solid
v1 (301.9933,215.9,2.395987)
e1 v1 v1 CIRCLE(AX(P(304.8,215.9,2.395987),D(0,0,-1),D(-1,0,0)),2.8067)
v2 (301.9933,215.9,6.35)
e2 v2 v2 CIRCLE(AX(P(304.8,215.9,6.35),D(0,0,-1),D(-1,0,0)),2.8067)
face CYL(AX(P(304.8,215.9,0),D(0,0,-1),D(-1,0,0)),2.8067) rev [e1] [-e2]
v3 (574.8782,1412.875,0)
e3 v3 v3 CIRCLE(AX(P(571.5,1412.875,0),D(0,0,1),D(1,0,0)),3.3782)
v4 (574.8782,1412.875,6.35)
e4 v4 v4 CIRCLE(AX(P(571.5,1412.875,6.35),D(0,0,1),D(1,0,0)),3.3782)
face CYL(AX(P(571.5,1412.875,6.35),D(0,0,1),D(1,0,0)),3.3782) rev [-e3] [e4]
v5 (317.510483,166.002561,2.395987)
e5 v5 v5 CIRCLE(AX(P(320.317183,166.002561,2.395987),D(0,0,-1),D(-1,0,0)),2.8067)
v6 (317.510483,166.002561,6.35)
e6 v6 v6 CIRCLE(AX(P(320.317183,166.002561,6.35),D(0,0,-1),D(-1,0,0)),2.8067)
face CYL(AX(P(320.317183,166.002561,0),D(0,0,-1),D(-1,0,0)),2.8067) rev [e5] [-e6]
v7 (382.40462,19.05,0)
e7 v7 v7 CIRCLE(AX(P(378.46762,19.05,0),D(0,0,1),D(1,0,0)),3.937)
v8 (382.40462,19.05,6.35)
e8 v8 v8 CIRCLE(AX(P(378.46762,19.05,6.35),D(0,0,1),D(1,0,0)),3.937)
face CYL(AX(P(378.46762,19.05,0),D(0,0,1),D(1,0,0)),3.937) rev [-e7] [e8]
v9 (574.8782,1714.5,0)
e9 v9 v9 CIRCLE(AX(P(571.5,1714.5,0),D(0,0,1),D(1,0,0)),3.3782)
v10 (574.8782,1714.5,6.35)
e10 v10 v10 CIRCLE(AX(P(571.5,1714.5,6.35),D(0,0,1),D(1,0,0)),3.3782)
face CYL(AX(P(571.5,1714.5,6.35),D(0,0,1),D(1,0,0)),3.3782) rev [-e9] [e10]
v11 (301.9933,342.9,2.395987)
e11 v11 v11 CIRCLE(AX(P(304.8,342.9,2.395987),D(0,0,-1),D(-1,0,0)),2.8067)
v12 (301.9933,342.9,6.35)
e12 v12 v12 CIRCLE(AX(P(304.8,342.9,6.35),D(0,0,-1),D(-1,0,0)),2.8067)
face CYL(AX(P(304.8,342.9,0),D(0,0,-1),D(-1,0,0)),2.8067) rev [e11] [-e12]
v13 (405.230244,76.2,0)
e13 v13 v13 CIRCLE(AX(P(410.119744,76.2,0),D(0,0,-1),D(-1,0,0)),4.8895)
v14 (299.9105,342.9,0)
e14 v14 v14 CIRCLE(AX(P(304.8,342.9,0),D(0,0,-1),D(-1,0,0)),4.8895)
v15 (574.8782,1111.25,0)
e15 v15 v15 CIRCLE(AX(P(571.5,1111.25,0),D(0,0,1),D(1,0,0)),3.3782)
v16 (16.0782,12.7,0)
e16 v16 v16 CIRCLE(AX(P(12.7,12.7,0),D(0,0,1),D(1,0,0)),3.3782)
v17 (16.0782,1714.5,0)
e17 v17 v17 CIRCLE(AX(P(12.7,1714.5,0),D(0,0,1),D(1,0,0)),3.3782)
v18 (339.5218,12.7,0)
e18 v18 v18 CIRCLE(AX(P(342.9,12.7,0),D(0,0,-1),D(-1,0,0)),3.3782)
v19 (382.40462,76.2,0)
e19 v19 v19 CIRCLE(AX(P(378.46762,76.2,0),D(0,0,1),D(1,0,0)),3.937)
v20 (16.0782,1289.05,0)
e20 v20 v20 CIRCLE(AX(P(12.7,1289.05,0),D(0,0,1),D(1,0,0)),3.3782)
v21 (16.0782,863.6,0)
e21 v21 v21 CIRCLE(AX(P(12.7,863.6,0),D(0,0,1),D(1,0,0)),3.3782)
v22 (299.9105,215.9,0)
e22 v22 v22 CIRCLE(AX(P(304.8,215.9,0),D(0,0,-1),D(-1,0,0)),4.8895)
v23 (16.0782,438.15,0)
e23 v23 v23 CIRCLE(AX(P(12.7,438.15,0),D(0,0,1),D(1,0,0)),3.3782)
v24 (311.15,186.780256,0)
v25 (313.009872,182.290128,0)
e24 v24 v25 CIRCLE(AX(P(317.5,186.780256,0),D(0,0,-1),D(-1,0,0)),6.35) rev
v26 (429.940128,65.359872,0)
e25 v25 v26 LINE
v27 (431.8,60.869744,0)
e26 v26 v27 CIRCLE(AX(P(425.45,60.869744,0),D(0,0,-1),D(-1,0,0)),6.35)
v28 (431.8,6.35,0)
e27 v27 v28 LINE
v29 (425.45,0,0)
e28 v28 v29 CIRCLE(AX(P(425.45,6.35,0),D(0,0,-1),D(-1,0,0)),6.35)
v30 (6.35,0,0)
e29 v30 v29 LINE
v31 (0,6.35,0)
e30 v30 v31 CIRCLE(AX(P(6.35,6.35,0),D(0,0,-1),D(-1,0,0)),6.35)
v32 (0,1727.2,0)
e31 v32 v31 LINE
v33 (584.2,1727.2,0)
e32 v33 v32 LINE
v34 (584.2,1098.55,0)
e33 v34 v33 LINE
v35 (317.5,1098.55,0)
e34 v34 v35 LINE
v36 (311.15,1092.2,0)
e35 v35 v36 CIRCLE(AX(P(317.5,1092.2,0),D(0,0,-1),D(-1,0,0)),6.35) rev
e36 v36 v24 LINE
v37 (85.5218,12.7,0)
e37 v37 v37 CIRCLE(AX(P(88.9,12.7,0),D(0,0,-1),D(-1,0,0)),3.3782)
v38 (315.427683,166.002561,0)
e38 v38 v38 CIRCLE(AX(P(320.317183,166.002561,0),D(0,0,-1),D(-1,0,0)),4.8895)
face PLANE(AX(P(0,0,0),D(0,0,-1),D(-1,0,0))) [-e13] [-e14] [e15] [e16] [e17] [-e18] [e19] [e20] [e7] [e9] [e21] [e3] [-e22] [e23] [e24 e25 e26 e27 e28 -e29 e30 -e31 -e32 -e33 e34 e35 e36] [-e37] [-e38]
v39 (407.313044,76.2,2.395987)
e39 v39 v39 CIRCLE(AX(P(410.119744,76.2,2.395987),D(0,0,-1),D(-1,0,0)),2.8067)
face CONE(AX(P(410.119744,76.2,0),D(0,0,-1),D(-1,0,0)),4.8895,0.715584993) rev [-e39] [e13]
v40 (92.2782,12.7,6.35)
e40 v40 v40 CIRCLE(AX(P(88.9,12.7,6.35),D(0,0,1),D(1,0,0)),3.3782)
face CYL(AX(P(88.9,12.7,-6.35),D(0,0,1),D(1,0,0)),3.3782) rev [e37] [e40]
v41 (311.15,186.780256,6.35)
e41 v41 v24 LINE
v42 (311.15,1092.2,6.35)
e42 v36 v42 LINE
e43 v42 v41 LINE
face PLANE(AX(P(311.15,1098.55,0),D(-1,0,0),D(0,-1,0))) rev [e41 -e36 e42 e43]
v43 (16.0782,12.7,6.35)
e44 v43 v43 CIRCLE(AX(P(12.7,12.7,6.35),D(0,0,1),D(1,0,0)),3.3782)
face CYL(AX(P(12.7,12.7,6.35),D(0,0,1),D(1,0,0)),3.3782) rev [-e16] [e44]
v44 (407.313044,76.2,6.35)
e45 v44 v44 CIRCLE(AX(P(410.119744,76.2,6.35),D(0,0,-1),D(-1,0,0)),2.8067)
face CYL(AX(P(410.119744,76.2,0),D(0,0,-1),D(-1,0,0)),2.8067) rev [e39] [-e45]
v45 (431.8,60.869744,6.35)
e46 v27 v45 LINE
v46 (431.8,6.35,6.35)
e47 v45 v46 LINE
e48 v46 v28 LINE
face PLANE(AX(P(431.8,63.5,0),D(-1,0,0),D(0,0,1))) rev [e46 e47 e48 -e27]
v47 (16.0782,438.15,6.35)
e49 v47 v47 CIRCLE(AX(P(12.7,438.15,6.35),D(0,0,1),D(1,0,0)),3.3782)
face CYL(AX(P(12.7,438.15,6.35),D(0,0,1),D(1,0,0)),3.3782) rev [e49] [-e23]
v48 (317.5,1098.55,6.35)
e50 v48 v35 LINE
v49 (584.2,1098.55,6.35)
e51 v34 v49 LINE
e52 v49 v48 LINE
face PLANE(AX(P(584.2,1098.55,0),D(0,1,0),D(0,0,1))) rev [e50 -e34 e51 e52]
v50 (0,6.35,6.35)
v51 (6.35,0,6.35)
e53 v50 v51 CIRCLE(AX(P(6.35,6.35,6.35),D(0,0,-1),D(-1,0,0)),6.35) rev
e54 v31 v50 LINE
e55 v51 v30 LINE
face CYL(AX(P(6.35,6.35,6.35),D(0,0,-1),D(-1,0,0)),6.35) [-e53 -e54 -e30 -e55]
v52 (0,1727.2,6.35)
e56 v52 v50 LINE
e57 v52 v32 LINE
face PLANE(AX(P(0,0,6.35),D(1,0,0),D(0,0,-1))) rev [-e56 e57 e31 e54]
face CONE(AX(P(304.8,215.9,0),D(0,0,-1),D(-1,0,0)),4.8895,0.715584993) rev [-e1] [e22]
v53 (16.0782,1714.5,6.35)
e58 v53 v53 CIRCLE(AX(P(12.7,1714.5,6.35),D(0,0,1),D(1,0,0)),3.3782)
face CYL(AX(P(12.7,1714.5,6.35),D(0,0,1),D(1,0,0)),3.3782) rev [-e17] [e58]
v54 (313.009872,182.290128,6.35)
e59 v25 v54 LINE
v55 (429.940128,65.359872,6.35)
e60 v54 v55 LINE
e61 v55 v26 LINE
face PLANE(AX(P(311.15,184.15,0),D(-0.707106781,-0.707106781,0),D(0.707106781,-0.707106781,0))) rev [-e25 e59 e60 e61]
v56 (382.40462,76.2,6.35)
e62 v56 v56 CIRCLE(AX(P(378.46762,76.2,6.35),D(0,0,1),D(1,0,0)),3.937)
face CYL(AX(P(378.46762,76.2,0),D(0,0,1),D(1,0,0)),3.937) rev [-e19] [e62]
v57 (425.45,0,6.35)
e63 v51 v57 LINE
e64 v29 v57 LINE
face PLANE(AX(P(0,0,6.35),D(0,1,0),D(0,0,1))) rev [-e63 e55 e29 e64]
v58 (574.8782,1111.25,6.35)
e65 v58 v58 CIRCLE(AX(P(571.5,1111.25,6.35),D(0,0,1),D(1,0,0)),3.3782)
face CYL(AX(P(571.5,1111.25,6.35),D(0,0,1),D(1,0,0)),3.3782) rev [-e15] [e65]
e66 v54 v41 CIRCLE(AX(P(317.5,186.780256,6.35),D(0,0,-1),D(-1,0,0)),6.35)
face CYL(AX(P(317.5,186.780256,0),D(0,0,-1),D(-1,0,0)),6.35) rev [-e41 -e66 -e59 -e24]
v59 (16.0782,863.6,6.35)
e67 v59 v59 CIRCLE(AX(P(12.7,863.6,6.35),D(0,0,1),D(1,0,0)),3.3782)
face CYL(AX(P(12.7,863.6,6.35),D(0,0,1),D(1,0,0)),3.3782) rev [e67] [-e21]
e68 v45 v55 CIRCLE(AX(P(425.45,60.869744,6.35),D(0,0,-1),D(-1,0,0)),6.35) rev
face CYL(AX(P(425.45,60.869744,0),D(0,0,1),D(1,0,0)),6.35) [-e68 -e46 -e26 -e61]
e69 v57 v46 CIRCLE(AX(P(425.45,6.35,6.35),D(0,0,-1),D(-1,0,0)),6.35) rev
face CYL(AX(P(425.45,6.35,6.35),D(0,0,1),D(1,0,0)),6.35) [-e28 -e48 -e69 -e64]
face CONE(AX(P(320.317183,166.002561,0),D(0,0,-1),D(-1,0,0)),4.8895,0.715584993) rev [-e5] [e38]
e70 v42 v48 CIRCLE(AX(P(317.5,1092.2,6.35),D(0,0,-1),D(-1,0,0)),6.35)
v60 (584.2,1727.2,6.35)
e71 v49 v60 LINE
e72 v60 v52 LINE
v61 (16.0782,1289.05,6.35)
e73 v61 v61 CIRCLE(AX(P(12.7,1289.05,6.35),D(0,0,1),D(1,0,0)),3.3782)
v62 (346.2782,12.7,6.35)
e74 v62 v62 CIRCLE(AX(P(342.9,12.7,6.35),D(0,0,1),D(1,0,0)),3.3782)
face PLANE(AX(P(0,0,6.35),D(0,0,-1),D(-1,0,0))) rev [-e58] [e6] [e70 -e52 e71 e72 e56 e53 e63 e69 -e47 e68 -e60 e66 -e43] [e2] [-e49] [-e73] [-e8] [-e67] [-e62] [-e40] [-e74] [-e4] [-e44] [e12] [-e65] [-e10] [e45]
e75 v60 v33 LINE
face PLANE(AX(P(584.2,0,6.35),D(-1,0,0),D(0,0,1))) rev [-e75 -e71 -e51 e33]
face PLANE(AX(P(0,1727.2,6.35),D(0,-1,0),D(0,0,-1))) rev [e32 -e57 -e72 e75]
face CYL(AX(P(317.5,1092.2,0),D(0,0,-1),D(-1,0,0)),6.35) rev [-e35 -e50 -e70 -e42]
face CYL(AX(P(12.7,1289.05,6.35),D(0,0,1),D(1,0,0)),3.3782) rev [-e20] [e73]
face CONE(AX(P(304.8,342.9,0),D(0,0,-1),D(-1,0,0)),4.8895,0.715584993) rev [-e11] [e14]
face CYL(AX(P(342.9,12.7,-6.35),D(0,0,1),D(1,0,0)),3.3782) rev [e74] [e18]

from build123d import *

# Parameters (mm, degrees)
SKETCH2_W                                       = 584.2
SKETCH2_H                                       = 1727.2
BOSS_EXTRUDE1_DEPTH                             = 6.35
CUT_EXTRUDE1_DEPTH                              = 1824.334802635
H_0_266_DIAMETER_HOLE1_D                        = 6.7564
FILLET1_R                                       = 6.35
SKETCH7_R                                       = 3.3782
CUT_EXTRUDE2_DEPTH                              = 12.7
CSK_FOR_10_FLAT_HEAD_MACHINE_SCREW1_D           = 5.6134
CSK_FOR_10_FLAT_HEAD_MACHINE_SCREW1_CSINK_D     = 9.779
CSK_FOR_10_FLAT_HEAD_MACHINE_SCREW1_CSINK_ANGLE = 82
SKETCH15_R                                      = 3.937
CUT_EXTRUDE3_DEPTH                              = 1824.334802635


with BuildPart() as part:
    # Sketch2 → Boss-Extrude1 (new body)
    with BuildSketch(Plane.XY):
        with Locations((292.1, 863.6)):
            Rectangle(SKETCH2_W, SKETCH2_H)
    extrude(amount=BOSS_EXTRUDE1_DEPTH)

    # Sketch3 → Cut-Extrude1 (cut, through all)
    with BuildSketch(Plane.XY.offset(6.35)):
        Polygon((584.2, 1098.55), (311.15, 1098.55), (311.15, 184.15), (431.8, 63.5), (431.8, 0), (584.2, 0), align=None)
    extrude(amount=-CUT_EXTRUDE1_DEPTH, mode=Mode.SUBTRACT)

    # H (0.266) Diameter Hole1 (through all)
    with Locations(Plane.XY.offset(6.35)):
        with Locations((12.7, 1714.5), (12.7, 1289.05), (12.7, 863.6), (12.7, 438.15), (12.7, 12.7), (571.5, 1111.25), (571.5, 1412.875), (571.5, 1714.5)):
            Hole(H_0_266_DIAMETER_HOLE1_D / 2)

    # Fillet1
    fillet1_edges = [part.edges().sort_by_distance(p)[0] for p in [
        (431.8, 0, 3.175),
        (431.8, 63.5, 3.175),
        (311.15, 184.15, 3.175),
        (311.15, 1098.55, 3.175),
        (0, 0, 3.175),
    ]]
    fillet(fillet1_edges, radius=FILLET1_R)

    # Sketch7 → Cut-Extrude2 (cut)
    with BuildSketch(Plane.XY.offset(6.35)):
        with Locations((88.9, 12.7)):
            Circle(SKETCH7_R)
        with Locations((342.9, 12.7)):
            Circle(SKETCH7_R)
    extrude(amount=-CUT_EXTRUDE2_DEPTH, mode=Mode.SUBTRACT)

    # CSK for #10 Flat Head Machine Screw1 (through all)
    with Locations(Plane(origin=(0, 0, 0), x_dir=(-1, 0, 0), z_dir=(0, 0, -1))):
        with Locations((-304.8, 342.9), (-304.8, 215.9), (-320.317182668, 166.002561211), (-410.119743879, 76.2)):
            CounterSinkHole(CSK_FOR_10_FLAT_HEAD_MACHINE_SCREW1_D / 2, CSK_FOR_10_FLAT_HEAD_MACHINE_SCREW1_CSINK_D / 2, counter_sink_angle=CSK_FOR_10_FLAT_HEAD_MACHINE_SCREW1_CSINK_ANGLE)

    # Sketch15 → Cut-Extrude3 (cut, through all)
    with BuildSketch(Plane.XY.offset(6.35)):
        with Locations((378.46762, 19.05)):
            Circle(SKETCH15_R)
        with Locations((378.46762, 76.2)):
            Circle(SKETCH15_R)
    extrude(amount=-CUT_EXTRUDE3_DEPTH, mode=Mode.SUBTRACT)


solid = part.part
